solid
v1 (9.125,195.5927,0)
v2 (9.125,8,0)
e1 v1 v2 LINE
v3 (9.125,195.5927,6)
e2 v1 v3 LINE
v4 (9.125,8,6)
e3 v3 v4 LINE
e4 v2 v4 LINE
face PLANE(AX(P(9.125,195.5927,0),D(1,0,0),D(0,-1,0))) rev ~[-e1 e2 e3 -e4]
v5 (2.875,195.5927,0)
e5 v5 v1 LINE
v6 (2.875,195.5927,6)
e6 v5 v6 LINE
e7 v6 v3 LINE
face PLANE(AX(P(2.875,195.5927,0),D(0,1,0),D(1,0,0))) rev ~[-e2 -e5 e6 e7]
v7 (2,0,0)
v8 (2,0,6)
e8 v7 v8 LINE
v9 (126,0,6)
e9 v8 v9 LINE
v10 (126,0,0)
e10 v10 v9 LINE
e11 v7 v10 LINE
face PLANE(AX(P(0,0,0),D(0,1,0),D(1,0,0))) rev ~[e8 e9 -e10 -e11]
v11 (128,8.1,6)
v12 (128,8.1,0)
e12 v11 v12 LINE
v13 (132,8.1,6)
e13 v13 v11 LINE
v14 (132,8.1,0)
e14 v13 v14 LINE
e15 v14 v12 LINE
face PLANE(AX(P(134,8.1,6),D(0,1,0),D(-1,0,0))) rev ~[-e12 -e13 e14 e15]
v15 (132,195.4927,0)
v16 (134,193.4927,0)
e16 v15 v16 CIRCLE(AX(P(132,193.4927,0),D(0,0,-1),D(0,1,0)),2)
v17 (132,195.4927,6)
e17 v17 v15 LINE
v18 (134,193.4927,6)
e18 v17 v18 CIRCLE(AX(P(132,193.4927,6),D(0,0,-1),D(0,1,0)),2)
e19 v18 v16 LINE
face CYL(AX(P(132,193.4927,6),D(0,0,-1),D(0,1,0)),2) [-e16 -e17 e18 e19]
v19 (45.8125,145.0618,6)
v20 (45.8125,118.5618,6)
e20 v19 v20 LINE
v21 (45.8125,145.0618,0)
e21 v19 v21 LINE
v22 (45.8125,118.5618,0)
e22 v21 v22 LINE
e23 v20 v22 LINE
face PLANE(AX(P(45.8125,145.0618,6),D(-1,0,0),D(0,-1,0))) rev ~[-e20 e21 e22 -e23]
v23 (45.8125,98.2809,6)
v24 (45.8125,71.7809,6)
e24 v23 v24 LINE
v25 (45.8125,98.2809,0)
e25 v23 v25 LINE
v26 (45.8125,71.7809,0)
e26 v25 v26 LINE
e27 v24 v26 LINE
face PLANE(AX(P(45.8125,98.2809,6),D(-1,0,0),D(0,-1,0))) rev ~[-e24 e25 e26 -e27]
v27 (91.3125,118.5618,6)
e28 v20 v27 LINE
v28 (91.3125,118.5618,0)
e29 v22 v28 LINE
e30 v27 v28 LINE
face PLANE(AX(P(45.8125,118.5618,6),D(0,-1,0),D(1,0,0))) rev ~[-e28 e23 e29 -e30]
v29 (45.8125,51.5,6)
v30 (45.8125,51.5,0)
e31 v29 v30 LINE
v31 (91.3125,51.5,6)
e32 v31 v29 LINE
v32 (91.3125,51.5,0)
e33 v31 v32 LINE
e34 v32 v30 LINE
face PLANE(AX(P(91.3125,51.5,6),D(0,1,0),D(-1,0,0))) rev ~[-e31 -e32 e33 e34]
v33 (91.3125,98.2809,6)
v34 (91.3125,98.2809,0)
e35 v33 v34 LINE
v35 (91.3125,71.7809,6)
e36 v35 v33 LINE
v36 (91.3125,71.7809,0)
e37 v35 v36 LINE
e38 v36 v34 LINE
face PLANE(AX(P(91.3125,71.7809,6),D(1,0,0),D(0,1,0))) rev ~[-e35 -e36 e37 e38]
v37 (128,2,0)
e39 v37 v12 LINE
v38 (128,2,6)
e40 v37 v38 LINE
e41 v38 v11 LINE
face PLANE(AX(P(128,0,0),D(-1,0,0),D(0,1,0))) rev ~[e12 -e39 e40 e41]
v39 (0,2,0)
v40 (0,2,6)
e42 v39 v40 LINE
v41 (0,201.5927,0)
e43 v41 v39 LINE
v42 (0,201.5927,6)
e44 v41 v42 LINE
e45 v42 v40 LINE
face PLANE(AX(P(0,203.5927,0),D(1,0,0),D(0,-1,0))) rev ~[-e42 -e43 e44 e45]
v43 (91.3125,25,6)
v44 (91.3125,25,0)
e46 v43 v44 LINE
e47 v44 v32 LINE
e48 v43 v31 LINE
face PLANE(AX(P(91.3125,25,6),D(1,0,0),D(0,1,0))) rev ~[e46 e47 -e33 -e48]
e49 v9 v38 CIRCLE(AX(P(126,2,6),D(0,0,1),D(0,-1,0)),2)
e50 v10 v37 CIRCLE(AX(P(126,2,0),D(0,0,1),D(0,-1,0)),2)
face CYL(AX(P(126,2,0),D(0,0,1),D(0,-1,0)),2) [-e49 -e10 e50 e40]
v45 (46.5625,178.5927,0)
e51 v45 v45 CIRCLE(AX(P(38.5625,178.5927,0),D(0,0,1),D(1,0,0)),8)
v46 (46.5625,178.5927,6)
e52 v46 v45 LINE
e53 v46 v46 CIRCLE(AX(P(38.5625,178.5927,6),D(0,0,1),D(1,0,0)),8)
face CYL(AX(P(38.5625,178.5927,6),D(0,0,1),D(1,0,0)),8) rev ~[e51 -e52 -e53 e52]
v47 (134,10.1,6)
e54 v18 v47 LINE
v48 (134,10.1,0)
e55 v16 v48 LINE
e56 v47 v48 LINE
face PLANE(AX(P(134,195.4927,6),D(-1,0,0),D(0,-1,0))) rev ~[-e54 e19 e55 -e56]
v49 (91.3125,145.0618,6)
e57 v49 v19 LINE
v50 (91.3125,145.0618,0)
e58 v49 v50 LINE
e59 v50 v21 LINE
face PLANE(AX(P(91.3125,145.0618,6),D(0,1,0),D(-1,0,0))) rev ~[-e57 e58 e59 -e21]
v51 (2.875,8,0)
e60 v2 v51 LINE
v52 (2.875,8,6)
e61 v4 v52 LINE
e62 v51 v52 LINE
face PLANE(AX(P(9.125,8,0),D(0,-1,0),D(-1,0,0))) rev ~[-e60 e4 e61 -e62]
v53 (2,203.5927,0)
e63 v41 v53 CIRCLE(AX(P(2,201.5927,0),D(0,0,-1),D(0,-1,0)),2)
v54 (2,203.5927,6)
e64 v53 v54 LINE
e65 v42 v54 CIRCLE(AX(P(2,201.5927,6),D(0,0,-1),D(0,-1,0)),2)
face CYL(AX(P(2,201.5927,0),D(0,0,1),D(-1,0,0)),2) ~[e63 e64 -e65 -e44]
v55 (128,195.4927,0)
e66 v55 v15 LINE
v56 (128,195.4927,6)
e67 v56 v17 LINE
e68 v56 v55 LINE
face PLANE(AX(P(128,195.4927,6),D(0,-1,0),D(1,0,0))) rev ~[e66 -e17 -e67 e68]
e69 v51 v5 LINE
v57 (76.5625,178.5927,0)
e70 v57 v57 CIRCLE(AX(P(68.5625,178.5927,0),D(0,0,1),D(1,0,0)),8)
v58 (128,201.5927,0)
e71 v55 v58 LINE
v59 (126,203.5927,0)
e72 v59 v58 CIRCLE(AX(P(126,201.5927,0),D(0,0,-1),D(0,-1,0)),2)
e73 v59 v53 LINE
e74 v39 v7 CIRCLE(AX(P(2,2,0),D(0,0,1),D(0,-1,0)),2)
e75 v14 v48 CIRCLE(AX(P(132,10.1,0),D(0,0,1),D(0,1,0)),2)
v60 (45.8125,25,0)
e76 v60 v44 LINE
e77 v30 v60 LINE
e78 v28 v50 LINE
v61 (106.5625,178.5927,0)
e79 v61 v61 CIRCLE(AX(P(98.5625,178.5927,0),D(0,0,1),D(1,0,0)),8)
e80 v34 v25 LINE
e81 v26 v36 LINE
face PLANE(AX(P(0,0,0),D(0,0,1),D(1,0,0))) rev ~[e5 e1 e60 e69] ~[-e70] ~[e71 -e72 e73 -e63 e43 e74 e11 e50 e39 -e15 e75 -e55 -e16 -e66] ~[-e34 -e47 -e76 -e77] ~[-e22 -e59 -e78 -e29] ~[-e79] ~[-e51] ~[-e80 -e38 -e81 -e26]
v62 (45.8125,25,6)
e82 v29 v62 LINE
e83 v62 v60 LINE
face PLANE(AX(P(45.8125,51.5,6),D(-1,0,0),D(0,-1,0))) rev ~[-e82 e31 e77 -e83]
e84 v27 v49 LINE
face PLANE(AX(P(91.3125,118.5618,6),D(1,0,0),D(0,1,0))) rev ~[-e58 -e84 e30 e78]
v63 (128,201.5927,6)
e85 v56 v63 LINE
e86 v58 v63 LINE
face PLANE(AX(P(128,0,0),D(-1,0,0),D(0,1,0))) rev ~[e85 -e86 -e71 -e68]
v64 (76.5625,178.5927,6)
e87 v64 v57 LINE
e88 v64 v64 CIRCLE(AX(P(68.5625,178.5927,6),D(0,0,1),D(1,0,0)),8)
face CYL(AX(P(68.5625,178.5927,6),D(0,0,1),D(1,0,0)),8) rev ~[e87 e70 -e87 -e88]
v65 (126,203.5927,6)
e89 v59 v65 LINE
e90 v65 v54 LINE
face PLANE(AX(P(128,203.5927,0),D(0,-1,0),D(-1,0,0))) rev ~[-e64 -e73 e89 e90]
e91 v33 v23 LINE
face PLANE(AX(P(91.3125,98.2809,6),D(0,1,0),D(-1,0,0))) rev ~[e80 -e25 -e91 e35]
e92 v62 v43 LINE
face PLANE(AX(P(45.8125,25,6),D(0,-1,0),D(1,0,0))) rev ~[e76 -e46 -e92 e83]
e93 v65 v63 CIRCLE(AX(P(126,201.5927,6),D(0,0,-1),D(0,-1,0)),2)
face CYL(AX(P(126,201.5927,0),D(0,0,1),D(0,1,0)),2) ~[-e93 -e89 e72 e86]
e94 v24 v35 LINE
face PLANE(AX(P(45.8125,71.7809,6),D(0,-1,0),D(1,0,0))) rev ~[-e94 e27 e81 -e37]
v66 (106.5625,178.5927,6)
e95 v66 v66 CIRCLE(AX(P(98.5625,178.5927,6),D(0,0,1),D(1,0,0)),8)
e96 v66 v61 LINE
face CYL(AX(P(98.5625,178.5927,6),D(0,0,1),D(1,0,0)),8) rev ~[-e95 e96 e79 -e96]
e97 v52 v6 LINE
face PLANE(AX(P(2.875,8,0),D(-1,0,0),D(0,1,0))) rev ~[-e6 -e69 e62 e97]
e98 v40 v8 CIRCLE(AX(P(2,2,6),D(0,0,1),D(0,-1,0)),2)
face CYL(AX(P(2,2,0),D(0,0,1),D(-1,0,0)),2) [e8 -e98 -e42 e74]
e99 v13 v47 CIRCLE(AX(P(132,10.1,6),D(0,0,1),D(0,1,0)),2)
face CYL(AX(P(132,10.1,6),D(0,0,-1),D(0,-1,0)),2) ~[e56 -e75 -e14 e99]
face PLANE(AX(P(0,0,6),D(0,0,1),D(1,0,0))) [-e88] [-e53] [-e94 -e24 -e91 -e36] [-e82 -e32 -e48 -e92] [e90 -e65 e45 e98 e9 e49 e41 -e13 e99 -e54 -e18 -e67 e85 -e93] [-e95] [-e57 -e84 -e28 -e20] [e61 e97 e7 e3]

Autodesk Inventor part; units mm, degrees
ref_plane "YZ Plane" through (0, 0, 0) normal (1, 0, 0) x (0, 1, 0)
ref_plane "XZ Plane" through (0, 0, 0) normal (0, 1, 0) x (-1, 0, 0)
ref_plane "XY Plane" through (0, 0, 0) normal (0, 0, 1) x (1, 0, 0)
sketch "Sketch1" plane through (0, 0, 0) normal (0, 0, 1) x (1, 0, 0)
  line L0 (0, 0) -> (128, 0)
  line L1 (128, 0) -> (128, 203.5927)
  line L2 (128, 203.5927) -> (0, 203.5927)
  line L3 (0, 203.5927) -> (0, 0)
  line L4 (0, 0) -> (-77.2375, 168.1052) construction
  line L5 (-77.2375, 168.1052) -> (0, 203.5927) construction
  line L6 (2.875, 195.5927) -> (9.125, 195.5927)
  line L7 (9.125, 195.5927) -> (9.125, 8)
  line L8 (9.125, 8) -> (2.875, 8)
  line L9 (2.875, 8) -> (2.875, 195.5927)
  dimension "d0" = 128
  dimension "d1" = 85
  dimension "d2" = 185
  dimension "d3" = 6.25
  dimension "d4" = 2.875
  dimension "d5" = 8
  dimension "d6" = 8
extrude "Extrusion1" add sketch "Sketch1" along normal blind 6
sketch "Sketch2" plane through (0, 0, 6) normal (0, 0, 1) x (1, 0, 0)
  line L0 (0, 0) -> (128, 0) projected
  line L1 (128, 0) -> (128, 203.5927) projected
  line L2 (128, 203.5927) -> (0, 203.5927) projected
  line L3 (128, 195.4927) -> (134, 195.4927)
  line L4 (134, 195.4927) -> (134, 8.1)
  line L5 (134, 8.1) -> (128, 8.1)
  line L6 (128, 8.1) -> (128, 195.4927)
  dimension "d9" = 8.1
  dimension "d10" = 8.1
  dimension "d11" = 6
extrude "Extrusion2" add sketch "Sketch2" against normal blind 6
fillet "Fillet1" radius 2 6 edges at (134, 195.4927, 3) (128, 203.5927, 3) (0, 203.5927, 3) (128, 0, 3) (134, 8.1, 3) (0, 0, 3)
sketch "Sketch3" plane through (0, 0, 6) normal (0, 0, 1) x (1, 0, 0)
  line L0 (9.125, 195.5927) -> (9.125, 8) projected
  line L1 (2, 0) -> (126, 0) projected
  line L2 (128, 195.4927) -> (128, 201.5927) projected
  line L3 (126, 203.5927) -> (2, 203.5927) projected
  circle A0 centre (38.5625, 178.5927) radius 8
  circle A1 centre (68.5625, 178.5927) radius 8
  circle A2 centre (98.5625, 178.5927) radius 8
  line L4 (45.8125, 118.5618) -> (91.3125, 118.5618)
  line L5 (91.3125, 118.5618) -> (91.3125, 145.0618)
  line L6 (91.3125, 145.0618) -> (45.8125, 145.0618)
  line L7 (45.8125, 145.0618) -> (45.8125, 118.5618)
  line L8 (45.8125, 118.5618) -> (91.3125, 145.0618) construction
  line L9 (91.3125, 118.5618) -> (45.8125, 145.0618) construction
  line L10 (45.8125, 71.7809) -> (91.3125, 71.7809)
  line L11 (91.3125, 71.7809) -> (91.3125, 98.2809)
  line L12 (91.3125, 98.2809) -> (45.8125, 98.2809)
  line L13 (45.8125, 98.2809) -> (45.8125, 71.7809)
  line L14 (45.8125, 71.7809) -> (91.3125, 98.2809) construction
  line L15 (91.3125, 71.7809) -> (45.8125, 98.2809) construction
  line L16 (45.8125, 25) -> (91.3125, 25)
  line L17 (91.3125, 25) -> (91.3125, 51.5)
  line L18 (91.3125, 51.5) -> (45.8125, 51.5)
  line L19 (45.8125, 51.5) -> (45.8125, 25)
  line L20 (45.8125, 25) -> (91.3125, 51.5) construction
  line L21 (91.3125, 25) -> (45.8125, 51.5) construction
  line L22 (68.5625, 178.5927) -> (68.5625, 131.8118) construction
  line L23 (68.5625, 131.8118) -> (68.5625, 85.0309) construction
  line L24 (68.5625, 85.0309) -> (68.5625, 38.25) construction
  point P0 (0, 0)
  dimension "d15" = 16
  dimension "d16" = 26.5
  dimension "d17" = 45.5
  dimension "d18" = 118.875
  dimension "d19" = 59.4375
  dimension "d20" = 30
  dimension "d21" = 30
  dimension "d22" = 25
  dimension "d23" = 25
extrude "Extrusion3" cut sketch "Sketch3" against normal blind 10
equation "\"d19\" = 0.5 * d18"
equation "\"d21\" = d20"
properties part number "NewControlPanel"
